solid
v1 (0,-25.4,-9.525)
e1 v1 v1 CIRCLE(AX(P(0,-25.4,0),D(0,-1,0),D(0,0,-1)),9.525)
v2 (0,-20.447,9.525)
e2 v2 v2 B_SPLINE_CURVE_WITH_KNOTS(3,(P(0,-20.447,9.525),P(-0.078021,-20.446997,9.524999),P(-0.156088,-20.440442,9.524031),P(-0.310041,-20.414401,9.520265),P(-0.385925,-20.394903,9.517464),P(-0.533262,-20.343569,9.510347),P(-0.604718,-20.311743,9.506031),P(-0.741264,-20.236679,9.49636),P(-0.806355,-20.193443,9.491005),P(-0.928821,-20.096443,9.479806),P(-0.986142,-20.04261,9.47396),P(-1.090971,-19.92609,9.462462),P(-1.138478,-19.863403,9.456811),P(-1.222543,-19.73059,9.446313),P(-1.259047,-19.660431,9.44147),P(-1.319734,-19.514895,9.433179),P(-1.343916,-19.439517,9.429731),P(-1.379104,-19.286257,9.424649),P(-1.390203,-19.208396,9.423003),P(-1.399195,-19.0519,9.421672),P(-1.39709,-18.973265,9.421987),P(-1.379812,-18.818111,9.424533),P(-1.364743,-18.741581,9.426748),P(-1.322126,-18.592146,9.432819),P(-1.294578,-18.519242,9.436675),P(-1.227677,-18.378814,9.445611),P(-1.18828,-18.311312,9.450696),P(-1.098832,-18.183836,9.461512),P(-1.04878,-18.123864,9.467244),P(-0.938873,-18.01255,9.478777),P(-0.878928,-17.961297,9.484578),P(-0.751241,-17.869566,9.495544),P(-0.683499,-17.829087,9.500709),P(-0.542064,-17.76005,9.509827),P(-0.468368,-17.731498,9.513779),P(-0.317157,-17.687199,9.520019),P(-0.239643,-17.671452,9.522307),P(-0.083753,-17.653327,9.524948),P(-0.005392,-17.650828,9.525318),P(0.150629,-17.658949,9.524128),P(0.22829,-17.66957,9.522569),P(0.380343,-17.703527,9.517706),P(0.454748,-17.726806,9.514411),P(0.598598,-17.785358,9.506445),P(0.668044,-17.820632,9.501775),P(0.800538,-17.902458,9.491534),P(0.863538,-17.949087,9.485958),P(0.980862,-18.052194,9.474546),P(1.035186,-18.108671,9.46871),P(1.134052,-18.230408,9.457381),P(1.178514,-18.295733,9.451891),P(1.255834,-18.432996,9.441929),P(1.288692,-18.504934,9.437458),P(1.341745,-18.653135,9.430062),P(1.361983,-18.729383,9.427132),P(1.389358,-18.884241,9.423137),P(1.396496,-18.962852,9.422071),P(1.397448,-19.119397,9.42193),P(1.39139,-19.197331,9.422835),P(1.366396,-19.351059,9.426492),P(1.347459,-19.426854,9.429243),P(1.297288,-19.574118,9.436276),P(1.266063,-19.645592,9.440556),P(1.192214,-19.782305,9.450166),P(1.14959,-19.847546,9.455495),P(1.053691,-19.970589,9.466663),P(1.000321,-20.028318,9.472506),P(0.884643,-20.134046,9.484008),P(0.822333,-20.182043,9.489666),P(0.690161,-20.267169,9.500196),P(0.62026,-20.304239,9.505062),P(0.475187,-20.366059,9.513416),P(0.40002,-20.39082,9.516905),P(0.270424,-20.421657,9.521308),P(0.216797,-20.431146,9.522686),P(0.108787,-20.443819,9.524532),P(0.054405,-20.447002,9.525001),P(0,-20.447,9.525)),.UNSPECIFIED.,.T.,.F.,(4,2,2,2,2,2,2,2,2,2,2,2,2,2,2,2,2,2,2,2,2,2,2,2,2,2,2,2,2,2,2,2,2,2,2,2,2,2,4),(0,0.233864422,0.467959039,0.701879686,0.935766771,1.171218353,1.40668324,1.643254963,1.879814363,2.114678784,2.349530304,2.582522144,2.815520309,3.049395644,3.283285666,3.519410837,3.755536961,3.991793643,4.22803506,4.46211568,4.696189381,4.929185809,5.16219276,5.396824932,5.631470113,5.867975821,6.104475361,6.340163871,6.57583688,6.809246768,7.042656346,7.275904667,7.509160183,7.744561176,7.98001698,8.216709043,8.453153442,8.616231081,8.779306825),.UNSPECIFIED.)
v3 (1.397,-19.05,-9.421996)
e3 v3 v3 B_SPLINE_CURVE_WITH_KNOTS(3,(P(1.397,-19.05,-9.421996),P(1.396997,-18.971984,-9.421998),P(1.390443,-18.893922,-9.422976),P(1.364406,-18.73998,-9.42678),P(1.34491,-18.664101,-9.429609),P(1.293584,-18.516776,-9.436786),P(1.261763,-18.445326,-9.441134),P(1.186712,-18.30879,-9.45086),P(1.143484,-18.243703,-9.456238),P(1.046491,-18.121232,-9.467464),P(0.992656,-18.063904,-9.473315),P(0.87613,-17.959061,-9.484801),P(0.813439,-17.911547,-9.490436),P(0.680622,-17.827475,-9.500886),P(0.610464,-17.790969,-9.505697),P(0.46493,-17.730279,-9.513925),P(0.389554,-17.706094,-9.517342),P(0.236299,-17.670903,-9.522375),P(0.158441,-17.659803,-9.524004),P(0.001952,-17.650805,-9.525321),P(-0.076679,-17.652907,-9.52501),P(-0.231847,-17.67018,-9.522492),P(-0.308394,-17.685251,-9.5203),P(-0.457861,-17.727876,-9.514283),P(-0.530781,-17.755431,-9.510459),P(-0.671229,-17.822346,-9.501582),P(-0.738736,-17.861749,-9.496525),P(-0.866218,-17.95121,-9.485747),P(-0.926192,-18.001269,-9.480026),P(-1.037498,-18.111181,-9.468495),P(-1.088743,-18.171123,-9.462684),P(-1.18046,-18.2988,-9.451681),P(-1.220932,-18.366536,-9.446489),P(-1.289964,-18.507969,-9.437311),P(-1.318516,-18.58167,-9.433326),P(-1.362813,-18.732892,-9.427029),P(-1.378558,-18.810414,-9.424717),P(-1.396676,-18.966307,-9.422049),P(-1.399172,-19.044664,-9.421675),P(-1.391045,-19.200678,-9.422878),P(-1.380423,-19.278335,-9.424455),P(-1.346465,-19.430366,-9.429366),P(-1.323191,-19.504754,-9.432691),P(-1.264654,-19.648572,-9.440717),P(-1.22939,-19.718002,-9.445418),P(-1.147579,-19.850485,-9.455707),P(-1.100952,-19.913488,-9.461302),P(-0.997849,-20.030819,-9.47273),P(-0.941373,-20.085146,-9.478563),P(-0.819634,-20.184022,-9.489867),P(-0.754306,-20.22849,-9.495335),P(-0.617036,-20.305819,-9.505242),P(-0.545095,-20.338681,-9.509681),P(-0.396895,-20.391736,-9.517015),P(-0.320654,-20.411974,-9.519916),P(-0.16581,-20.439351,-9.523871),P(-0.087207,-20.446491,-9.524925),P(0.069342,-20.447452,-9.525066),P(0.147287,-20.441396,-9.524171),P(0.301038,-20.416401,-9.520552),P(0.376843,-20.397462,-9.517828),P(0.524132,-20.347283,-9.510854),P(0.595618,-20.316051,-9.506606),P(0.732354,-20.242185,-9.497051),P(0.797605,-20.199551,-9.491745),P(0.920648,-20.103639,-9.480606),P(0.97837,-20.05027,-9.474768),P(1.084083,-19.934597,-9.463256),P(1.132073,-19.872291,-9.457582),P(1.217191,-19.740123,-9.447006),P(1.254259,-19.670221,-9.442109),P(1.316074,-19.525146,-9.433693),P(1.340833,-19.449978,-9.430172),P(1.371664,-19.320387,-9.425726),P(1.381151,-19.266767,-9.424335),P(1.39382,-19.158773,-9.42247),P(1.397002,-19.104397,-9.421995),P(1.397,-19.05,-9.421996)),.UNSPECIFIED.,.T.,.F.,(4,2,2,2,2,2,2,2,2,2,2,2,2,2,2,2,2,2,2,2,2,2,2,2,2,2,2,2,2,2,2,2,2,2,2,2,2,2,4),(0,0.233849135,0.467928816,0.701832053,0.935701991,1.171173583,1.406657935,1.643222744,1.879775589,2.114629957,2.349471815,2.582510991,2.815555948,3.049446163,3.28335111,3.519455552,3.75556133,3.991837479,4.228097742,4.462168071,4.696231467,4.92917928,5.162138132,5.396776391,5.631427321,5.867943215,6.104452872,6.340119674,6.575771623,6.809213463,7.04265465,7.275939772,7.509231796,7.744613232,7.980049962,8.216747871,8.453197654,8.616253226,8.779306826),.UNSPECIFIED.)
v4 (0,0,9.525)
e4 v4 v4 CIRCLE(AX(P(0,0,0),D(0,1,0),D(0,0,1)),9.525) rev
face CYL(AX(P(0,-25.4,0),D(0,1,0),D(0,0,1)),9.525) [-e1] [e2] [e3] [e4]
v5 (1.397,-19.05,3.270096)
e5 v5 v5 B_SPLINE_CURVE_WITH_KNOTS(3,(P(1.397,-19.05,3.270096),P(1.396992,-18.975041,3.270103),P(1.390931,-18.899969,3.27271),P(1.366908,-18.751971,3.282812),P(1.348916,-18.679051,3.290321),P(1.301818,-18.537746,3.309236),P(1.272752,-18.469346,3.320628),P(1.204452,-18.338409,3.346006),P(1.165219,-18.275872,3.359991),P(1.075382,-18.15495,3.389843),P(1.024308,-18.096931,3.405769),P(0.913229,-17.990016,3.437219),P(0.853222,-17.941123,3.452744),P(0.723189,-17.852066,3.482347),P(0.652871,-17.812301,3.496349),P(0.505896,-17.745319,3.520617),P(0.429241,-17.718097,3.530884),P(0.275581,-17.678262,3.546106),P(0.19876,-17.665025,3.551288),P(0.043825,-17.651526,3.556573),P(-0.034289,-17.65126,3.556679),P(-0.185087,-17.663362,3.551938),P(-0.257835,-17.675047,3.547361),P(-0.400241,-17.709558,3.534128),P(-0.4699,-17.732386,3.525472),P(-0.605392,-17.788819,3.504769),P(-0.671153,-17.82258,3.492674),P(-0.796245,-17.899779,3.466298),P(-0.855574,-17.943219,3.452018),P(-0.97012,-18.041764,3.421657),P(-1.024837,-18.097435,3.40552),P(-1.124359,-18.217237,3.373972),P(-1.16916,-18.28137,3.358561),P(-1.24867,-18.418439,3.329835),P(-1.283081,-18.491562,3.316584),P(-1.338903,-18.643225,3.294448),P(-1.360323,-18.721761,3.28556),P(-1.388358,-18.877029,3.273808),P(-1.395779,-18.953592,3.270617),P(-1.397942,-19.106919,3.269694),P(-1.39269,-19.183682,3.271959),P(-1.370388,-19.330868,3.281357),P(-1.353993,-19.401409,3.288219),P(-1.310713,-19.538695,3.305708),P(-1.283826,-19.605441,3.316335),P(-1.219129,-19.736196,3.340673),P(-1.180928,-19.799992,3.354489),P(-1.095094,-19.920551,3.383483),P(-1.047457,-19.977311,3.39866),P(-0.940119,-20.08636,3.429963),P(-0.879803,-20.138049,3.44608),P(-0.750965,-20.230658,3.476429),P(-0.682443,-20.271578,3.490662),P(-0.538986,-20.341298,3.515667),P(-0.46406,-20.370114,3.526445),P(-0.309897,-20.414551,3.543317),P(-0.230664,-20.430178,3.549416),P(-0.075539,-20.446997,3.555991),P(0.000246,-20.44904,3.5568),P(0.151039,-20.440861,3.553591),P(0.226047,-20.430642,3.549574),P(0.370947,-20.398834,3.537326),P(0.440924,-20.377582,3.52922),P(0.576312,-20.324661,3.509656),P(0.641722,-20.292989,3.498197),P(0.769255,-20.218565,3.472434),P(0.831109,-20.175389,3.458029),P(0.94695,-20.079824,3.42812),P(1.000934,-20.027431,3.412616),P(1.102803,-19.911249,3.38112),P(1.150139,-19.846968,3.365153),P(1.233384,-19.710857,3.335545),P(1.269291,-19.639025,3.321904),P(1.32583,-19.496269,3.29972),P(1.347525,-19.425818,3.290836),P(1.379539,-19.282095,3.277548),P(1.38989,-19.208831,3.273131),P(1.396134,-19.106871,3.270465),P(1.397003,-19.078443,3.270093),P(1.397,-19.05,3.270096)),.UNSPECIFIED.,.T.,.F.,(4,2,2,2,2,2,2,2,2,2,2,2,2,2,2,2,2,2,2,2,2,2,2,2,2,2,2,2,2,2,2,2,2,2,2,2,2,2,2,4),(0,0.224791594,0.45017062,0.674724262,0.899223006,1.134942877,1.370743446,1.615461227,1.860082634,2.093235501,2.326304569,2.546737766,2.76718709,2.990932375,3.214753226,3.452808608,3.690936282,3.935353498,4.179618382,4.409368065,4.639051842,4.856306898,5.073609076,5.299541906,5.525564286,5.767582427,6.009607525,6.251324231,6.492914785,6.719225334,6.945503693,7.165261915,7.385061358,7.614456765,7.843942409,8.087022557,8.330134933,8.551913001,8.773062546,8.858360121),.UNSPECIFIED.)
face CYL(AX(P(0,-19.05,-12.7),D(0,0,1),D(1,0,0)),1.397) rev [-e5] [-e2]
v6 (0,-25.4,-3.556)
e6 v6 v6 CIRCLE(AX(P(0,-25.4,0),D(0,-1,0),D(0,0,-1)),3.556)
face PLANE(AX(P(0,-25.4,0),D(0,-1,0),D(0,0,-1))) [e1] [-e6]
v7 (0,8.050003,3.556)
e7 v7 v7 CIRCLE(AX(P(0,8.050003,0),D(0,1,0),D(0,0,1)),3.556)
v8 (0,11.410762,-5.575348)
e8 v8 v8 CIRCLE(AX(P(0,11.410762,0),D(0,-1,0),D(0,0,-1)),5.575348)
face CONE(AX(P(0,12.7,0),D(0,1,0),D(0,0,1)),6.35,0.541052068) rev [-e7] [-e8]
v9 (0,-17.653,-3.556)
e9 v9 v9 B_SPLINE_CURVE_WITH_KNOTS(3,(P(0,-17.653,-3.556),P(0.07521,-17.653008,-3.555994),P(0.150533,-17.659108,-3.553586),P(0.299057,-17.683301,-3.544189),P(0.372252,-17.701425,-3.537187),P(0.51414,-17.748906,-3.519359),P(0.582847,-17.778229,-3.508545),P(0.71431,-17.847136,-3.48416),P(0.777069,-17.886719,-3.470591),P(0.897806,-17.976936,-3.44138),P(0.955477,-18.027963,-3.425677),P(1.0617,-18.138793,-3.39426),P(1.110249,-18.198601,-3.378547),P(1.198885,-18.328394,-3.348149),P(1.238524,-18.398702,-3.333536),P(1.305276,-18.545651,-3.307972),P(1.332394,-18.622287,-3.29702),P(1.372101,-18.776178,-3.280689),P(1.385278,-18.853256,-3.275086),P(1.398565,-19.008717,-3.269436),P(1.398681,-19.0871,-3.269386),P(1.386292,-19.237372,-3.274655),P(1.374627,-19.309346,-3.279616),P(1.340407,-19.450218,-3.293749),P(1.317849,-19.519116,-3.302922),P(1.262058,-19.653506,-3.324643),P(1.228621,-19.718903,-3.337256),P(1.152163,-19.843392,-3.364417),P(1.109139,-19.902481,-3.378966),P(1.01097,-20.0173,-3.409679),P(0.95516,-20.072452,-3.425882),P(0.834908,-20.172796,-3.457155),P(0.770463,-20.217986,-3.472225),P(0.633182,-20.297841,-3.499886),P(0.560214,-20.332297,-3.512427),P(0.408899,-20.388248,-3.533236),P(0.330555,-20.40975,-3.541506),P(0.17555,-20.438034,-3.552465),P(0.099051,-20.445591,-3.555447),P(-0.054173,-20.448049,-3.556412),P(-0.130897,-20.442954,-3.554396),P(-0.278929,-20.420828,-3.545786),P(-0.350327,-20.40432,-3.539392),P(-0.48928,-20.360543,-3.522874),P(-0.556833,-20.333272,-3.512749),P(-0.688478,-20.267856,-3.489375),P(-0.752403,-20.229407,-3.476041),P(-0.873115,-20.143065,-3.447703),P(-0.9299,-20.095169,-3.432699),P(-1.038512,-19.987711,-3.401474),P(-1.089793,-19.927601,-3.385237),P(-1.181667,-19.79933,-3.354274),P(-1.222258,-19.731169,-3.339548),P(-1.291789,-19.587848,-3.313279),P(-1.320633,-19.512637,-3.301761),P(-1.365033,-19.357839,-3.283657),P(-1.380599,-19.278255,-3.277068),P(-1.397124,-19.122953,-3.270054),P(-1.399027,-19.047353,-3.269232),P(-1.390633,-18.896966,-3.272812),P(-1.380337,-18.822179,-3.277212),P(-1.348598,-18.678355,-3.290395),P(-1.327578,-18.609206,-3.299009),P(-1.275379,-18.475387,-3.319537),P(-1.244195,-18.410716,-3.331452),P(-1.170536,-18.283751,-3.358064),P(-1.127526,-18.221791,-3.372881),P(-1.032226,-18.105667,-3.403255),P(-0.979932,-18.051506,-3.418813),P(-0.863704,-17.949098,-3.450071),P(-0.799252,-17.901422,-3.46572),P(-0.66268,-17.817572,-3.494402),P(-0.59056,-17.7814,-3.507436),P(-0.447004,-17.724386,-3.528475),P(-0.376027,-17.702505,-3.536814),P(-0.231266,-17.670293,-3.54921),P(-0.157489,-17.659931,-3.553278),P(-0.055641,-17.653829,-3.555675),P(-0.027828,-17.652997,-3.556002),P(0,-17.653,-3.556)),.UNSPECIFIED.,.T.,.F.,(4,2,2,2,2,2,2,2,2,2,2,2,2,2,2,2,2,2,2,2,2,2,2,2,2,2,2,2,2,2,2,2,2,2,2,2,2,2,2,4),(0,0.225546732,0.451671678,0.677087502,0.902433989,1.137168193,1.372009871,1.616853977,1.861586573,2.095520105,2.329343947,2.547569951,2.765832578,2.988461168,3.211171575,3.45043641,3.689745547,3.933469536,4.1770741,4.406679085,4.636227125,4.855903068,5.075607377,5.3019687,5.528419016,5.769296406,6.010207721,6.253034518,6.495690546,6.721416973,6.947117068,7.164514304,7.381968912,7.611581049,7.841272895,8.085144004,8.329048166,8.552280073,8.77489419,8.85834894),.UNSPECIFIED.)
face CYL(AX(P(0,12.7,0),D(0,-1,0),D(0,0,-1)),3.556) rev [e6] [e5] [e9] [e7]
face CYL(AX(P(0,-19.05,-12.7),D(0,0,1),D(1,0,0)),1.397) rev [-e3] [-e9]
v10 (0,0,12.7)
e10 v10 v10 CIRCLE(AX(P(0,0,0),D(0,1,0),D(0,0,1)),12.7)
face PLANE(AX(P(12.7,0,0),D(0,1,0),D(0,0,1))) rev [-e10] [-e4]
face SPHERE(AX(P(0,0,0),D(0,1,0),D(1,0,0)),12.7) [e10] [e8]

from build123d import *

# Parameters (mm, degrees)
SKETCH3_R           = 9.525
BOSS_EXTRUDE1_DEPTH = 25.4
SKETCH5_R           = 3.556
CUT_EXTRUDE1_DEPTH  = 43.121134838
SKETCH6_R           = 6.35
CUT_EXTRUDE2_DEPTH  = 5.08
CUT_EXTRUDE2_DRAFT  = -31
SKETCH7_R           = 1.397
CUT_EXTRUDE3_DEPTH  = 39.1


with BuildPart() as part:
    # Sketch2 → Revolve2 (revolve)
    with BuildSketch(Plane.XY):
        with BuildLine():
            Line((12.7, 0), (0, 0))
            Line((0, 0), (0, 12.7))
            ThreePointArc((0, 12.7), (8.980256121, 8.980256121), (12.7, 0))
        make_face()
    revolve(axis=Axis((0, 67.537553081, 0), (0, -1, 0)))

    # Sketch3 → Boss-Extrude1 (add)
    with BuildSketch(Plane.XZ):
        with Locations(Location((0, 0, 0), (0, 0, 90))):
            Circle(SKETCH3_R)
    extrude(amount=BOSS_EXTRUDE1_DEPTH)

    # Sketch5 → Cut-Extrude1 (cut, through all)
    with BuildSketch(Plane.XZ.offset(25.4)):
        with Locations(Location((0, 0, 0), (0, 0, 270))):
            Circle(SKETCH5_R)
    extrude(amount=-CUT_EXTRUDE1_DEPTH, mode=Mode.SUBTRACT)


with BuildPart() as cut_extrude2_tool:
    # Sketch6 → Cut-Extrude2 (with draft: the straight prism first)
    with BuildSketch(Plane(origin=(0, 12.7, 0), x_dir=(1, 0, 0), z_dir=(0, 1, 0))):
        Circle(SKETCH6_R)
    extrude(amount=-CUT_EXTRUDE2_DEPTH)
    # Cut-Extrude2: the draft: its side faces are tilted about the plane it starts from
    cut_extrude2_sides = [cut_extrude2_tool.faces().sort_by_distance(p)[0] for p in [
        (-6.35, 10.16, 0),
    ]]
    draft(cut_extrude2_sides, Plane(origin=(0, 12.7, 0), x_dir=(1, 0, 0), z_dir=(0, 1, 0)), CUT_EXTRUDE2_DRAFT)


with BuildPart() as part_1:
    add(part.part)

    # Cut-Extrude2: cut by cut_extrude2_tool
    add(cut_extrude2_tool.part, mode=Mode.SUBTRACT)

    # Sketch7 → Cut-Extrude3 (cut, through all)
    with BuildSketch(Plane.XY.offset(12.7)):
        with Locations((0, -19.05)):
            Circle(SKETCH7_R)
    extrude(amount=-CUT_EXTRUDE3_DEPTH, mode=Mode.SUBTRACT)


solid = part_1.part
